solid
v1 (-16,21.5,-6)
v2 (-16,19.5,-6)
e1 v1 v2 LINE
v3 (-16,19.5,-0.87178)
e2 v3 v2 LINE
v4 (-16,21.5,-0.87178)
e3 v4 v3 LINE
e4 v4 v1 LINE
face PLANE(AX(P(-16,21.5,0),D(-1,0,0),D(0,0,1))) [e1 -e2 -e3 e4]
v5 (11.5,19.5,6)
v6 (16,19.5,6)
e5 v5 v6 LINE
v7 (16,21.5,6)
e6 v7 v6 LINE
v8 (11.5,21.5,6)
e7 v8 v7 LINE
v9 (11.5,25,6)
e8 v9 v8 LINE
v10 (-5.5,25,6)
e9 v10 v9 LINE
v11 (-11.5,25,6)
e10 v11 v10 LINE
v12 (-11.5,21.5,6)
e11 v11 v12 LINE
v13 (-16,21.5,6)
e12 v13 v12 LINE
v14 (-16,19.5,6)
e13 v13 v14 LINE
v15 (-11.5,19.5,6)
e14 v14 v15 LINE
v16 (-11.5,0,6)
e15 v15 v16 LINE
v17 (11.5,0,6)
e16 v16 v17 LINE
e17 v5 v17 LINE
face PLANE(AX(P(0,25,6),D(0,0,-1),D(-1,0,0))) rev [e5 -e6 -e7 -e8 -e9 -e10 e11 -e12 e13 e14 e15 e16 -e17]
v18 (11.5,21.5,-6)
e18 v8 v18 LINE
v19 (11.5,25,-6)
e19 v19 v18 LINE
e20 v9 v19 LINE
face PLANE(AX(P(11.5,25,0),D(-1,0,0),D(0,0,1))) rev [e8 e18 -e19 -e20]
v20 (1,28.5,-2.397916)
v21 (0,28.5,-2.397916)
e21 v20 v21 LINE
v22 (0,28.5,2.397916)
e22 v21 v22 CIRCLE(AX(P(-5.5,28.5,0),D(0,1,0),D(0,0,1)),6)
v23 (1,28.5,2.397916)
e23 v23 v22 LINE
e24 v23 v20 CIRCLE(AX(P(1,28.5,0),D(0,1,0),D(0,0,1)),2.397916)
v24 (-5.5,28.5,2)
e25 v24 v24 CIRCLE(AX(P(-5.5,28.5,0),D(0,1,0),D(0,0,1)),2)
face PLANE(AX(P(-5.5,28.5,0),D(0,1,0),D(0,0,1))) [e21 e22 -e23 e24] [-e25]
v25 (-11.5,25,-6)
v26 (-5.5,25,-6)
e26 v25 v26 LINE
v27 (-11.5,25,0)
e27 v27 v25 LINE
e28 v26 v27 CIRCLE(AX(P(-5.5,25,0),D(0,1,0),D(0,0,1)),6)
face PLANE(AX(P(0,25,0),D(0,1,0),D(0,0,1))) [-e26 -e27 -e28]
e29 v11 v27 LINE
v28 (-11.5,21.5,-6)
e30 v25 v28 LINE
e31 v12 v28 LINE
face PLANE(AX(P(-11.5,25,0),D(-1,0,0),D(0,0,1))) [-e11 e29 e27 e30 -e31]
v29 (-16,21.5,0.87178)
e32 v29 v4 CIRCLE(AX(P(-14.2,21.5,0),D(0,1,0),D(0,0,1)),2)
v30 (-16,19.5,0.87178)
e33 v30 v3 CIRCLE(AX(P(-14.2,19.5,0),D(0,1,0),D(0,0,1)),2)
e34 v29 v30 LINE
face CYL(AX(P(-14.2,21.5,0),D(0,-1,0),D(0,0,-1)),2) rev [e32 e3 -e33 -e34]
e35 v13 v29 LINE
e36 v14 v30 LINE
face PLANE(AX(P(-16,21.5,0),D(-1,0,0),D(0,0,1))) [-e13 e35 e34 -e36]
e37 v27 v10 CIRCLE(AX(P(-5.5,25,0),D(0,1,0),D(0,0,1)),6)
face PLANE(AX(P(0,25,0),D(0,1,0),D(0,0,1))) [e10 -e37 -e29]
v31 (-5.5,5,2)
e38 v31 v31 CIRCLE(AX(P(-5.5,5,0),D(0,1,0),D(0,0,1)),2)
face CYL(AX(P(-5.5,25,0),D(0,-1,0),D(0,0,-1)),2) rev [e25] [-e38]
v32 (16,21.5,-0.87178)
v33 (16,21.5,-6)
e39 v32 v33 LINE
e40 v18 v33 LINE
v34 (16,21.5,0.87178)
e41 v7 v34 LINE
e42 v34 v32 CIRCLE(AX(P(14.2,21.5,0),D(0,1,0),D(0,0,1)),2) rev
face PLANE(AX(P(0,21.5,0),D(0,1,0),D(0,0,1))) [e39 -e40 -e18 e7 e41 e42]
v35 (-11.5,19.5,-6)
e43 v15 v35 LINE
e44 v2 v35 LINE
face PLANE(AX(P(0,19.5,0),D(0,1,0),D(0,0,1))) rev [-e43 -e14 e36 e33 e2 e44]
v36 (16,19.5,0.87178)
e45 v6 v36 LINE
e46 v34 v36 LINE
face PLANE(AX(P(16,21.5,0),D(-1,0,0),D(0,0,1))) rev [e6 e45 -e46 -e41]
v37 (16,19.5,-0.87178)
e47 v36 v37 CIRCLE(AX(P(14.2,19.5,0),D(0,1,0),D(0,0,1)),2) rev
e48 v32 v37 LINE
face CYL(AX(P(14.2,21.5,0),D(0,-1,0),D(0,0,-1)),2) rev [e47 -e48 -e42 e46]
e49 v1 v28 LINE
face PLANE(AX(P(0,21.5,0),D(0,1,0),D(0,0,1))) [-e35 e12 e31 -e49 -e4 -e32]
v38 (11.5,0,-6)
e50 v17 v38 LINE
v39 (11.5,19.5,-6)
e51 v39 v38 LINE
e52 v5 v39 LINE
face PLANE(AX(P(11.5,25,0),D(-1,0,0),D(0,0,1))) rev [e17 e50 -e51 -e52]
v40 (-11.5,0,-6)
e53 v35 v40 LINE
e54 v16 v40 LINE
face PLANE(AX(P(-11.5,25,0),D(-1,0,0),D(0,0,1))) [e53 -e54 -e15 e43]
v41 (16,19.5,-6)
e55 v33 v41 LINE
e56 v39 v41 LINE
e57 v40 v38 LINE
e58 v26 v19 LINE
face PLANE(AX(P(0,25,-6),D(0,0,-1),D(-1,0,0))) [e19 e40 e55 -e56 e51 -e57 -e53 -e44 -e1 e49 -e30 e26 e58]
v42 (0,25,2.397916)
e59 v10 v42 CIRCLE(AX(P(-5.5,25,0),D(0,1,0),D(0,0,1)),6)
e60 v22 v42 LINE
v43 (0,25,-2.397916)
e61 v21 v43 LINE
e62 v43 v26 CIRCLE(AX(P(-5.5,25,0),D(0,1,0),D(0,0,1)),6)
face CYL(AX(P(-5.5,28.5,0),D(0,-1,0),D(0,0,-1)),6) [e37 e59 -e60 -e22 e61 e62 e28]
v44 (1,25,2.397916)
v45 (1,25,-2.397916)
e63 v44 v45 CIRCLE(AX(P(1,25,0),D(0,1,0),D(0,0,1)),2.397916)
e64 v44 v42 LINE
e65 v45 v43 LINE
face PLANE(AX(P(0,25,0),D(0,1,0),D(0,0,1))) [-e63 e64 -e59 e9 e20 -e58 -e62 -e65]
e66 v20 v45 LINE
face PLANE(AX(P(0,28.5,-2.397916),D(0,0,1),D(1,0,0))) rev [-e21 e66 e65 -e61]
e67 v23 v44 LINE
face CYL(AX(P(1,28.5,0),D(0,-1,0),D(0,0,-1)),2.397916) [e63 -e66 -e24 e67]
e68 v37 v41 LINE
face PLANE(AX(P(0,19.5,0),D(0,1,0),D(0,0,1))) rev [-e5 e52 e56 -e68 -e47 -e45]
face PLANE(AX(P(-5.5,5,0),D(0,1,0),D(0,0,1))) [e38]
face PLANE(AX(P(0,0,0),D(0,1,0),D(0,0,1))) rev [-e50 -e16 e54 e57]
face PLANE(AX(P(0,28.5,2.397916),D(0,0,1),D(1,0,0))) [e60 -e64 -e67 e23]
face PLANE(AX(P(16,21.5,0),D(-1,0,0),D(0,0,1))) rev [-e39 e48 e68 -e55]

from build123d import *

# Parameters (mm, degrees)
SKETCH1_R           = 6
SKETCH1_R_2         = 2
BOSS_EXTRUDE1_DEPTH = 25
BOSS_EXTRUDE2_START = 19.5
BOSS_EXTRUDE2_DEPTH = 2
BOSS_EXTRUDE3_START = 25
SKETCH1_6_R         = 6
SKETCH1_6_R_2       = 2
BOSS_EXTRUDE3_DEPTH = 3.5
SKETCH1_7_R         = 2
BOSS_EXTRUDE4_DEPTH = 5


with BuildPart() as part:
    # Sketch1 → Boss-Extrude1 (new body)
    with BuildSketch(Plane(origin=(0, 0, 0), x_dir=(1, 0, 0), z_dir=(0, 1, 0))):
        with Locations((-5.5, 0)):
            Circle(SKETCH1_R)
        with Locations(Location((-5.5, 0, 0), (0, 0, 270))):
            Circle(SKETCH1_R_2, mode=Mode.SUBTRACT)
        with BuildLine():
            ThreePointArc((-5.499999996, 6), (-2.212713471, 5.019337334), (0, 2.397915762))
            Line((0, 2.397915762), (1, 2.397915762))
            ThreePointArc((1, 2.397915762), (3.397915762, 0), (1, -2.397915762))
            Line((1, -2.397915762), (0, -2.397915762))
            ThreePointArc((0, -2.397915762), (-2.212713472, -5.019337335), (-5.5, -6))
            Line((-5.5, -6), (11.5, -6))
            Line((11.5, -6), (11.5, 6))
            Line((11.5, 6), (-5.499999996, 6))
        make_face()
        with BuildLine():
            ThreePointArc((-5.5, -6), (-9.742640687, -4.242640687), (-11.5, 0))
            Line((-11.5, 0), (-11.5, -6))
            Line((-11.5, -6), (-5.5, -6))
        make_face()
        with BuildLine():
            Line((1, 2.397915762), (0, 2.397915762))
            ThreePointArc((0, 2.397915762), (0.373670062, 1.224744871), (0.5, 0))
            ThreePointArc((0.5, 0), (0.373670062, -1.224744871), (0, -2.397915762))
            Line((0, -2.397915762), (1, -2.397915762))
            ThreePointArc((1, -2.397915762), (3.397915762, 0), (1, 2.397915762))
        make_face()
        with BuildLine():
            ThreePointArc((-11.5, 0), (-9.742640686, 4.242640689), (-5.499999996, 6))
            Line((-5.499999996, 6), (-11.5, 6))
            Line((-11.5, 6), (-11.5, 0))
        make_face()
    extrude(amount=BOSS_EXTRUDE1_DEPTH)

    # Sketch1<4> → Boss-Extrude2 (add)
    with BuildSketch(Plane(origin=(0, 0, 0), x_dir=(1, 0, 0), z_dir=(0, 1, 0)).offset(BOSS_EXTRUDE2_START)):
        with BuildLine():
            Line((16, 6), (11.5, 6))
            Line((11.5, 6), (11.5, -6))
            Line((11.5, -6), (16, -6))
            Line((16, -6), (16, -0.871779789))
            ThreePointArc((16, -0.871779789), (12.2, 0), (16, 0.871779789))
            Line((16, 0.871779789), (16, 6))
        make_face()
        with BuildLine():
            Line((-11.5, 0), (-11.5, 6))
            Line((-11.5, 6), (-16, 6))
            Line((-16, 6), (-16, 0.871779789))
            ThreePointArc((-16, 0.871779789), (-13.752786405, 1.949358869), (-12.2, 0))
            ThreePointArc((-12.2, 0), (-13.752786405, -1.949358869), (-16, -0.871779789))
            Line((-16, -0.871779789), (-16, -6))
            Line((-16, -6), (-11.5, -6))
            Line((-11.5, -6), (-11.5, 0))
        make_face()
    extrude(amount=BOSS_EXTRUDE2_DEPTH)

    # Sketch1<6> → Boss-Extrude3 (add)
    with BuildSketch(Plane(origin=(0, 0, 0), x_dir=(1, 0, 0), z_dir=(0, 1, 0)).offset(BOSS_EXTRUDE3_START)):
        with Locations((-5.5, 0)):
            Circle(SKETCH1_6_R)
        with Locations(Location((-5.5, 0, 0), (0, 0, 270))):
            Circle(SKETCH1_6_R_2, mode=Mode.SUBTRACT)
        with BuildLine():
            Line((1, 2.397915762), (0, 2.397915762))
            ThreePointArc((0, 2.397915762), (0.373670062, 1.224744871), (0.5, 0))
            ThreePointArc((0.5, 0), (0.373670062, -1.224744871), (0, -2.397915762))
            Line((0, -2.397915762), (1, -2.397915762))
            ThreePointArc((1, -2.397915762), (3.397915762, 0), (1, 2.397915762))
        make_face()
    extrude(amount=BOSS_EXTRUDE3_DEPTH)

    # Sketch1<7> → Boss-Extrude4 (add)
    with BuildSketch(Plane(origin=(0, 0, 0), x_dir=(1, 0, 0), z_dir=(0, 1, 0))):
        with Locations(Location((-5.5, 0, 0), (0, 0, 270))):
            Circle(SKETCH1_7_R)
    extrude(amount=BOSS_EXTRUDE4_DEPTH)


solid = part.part
